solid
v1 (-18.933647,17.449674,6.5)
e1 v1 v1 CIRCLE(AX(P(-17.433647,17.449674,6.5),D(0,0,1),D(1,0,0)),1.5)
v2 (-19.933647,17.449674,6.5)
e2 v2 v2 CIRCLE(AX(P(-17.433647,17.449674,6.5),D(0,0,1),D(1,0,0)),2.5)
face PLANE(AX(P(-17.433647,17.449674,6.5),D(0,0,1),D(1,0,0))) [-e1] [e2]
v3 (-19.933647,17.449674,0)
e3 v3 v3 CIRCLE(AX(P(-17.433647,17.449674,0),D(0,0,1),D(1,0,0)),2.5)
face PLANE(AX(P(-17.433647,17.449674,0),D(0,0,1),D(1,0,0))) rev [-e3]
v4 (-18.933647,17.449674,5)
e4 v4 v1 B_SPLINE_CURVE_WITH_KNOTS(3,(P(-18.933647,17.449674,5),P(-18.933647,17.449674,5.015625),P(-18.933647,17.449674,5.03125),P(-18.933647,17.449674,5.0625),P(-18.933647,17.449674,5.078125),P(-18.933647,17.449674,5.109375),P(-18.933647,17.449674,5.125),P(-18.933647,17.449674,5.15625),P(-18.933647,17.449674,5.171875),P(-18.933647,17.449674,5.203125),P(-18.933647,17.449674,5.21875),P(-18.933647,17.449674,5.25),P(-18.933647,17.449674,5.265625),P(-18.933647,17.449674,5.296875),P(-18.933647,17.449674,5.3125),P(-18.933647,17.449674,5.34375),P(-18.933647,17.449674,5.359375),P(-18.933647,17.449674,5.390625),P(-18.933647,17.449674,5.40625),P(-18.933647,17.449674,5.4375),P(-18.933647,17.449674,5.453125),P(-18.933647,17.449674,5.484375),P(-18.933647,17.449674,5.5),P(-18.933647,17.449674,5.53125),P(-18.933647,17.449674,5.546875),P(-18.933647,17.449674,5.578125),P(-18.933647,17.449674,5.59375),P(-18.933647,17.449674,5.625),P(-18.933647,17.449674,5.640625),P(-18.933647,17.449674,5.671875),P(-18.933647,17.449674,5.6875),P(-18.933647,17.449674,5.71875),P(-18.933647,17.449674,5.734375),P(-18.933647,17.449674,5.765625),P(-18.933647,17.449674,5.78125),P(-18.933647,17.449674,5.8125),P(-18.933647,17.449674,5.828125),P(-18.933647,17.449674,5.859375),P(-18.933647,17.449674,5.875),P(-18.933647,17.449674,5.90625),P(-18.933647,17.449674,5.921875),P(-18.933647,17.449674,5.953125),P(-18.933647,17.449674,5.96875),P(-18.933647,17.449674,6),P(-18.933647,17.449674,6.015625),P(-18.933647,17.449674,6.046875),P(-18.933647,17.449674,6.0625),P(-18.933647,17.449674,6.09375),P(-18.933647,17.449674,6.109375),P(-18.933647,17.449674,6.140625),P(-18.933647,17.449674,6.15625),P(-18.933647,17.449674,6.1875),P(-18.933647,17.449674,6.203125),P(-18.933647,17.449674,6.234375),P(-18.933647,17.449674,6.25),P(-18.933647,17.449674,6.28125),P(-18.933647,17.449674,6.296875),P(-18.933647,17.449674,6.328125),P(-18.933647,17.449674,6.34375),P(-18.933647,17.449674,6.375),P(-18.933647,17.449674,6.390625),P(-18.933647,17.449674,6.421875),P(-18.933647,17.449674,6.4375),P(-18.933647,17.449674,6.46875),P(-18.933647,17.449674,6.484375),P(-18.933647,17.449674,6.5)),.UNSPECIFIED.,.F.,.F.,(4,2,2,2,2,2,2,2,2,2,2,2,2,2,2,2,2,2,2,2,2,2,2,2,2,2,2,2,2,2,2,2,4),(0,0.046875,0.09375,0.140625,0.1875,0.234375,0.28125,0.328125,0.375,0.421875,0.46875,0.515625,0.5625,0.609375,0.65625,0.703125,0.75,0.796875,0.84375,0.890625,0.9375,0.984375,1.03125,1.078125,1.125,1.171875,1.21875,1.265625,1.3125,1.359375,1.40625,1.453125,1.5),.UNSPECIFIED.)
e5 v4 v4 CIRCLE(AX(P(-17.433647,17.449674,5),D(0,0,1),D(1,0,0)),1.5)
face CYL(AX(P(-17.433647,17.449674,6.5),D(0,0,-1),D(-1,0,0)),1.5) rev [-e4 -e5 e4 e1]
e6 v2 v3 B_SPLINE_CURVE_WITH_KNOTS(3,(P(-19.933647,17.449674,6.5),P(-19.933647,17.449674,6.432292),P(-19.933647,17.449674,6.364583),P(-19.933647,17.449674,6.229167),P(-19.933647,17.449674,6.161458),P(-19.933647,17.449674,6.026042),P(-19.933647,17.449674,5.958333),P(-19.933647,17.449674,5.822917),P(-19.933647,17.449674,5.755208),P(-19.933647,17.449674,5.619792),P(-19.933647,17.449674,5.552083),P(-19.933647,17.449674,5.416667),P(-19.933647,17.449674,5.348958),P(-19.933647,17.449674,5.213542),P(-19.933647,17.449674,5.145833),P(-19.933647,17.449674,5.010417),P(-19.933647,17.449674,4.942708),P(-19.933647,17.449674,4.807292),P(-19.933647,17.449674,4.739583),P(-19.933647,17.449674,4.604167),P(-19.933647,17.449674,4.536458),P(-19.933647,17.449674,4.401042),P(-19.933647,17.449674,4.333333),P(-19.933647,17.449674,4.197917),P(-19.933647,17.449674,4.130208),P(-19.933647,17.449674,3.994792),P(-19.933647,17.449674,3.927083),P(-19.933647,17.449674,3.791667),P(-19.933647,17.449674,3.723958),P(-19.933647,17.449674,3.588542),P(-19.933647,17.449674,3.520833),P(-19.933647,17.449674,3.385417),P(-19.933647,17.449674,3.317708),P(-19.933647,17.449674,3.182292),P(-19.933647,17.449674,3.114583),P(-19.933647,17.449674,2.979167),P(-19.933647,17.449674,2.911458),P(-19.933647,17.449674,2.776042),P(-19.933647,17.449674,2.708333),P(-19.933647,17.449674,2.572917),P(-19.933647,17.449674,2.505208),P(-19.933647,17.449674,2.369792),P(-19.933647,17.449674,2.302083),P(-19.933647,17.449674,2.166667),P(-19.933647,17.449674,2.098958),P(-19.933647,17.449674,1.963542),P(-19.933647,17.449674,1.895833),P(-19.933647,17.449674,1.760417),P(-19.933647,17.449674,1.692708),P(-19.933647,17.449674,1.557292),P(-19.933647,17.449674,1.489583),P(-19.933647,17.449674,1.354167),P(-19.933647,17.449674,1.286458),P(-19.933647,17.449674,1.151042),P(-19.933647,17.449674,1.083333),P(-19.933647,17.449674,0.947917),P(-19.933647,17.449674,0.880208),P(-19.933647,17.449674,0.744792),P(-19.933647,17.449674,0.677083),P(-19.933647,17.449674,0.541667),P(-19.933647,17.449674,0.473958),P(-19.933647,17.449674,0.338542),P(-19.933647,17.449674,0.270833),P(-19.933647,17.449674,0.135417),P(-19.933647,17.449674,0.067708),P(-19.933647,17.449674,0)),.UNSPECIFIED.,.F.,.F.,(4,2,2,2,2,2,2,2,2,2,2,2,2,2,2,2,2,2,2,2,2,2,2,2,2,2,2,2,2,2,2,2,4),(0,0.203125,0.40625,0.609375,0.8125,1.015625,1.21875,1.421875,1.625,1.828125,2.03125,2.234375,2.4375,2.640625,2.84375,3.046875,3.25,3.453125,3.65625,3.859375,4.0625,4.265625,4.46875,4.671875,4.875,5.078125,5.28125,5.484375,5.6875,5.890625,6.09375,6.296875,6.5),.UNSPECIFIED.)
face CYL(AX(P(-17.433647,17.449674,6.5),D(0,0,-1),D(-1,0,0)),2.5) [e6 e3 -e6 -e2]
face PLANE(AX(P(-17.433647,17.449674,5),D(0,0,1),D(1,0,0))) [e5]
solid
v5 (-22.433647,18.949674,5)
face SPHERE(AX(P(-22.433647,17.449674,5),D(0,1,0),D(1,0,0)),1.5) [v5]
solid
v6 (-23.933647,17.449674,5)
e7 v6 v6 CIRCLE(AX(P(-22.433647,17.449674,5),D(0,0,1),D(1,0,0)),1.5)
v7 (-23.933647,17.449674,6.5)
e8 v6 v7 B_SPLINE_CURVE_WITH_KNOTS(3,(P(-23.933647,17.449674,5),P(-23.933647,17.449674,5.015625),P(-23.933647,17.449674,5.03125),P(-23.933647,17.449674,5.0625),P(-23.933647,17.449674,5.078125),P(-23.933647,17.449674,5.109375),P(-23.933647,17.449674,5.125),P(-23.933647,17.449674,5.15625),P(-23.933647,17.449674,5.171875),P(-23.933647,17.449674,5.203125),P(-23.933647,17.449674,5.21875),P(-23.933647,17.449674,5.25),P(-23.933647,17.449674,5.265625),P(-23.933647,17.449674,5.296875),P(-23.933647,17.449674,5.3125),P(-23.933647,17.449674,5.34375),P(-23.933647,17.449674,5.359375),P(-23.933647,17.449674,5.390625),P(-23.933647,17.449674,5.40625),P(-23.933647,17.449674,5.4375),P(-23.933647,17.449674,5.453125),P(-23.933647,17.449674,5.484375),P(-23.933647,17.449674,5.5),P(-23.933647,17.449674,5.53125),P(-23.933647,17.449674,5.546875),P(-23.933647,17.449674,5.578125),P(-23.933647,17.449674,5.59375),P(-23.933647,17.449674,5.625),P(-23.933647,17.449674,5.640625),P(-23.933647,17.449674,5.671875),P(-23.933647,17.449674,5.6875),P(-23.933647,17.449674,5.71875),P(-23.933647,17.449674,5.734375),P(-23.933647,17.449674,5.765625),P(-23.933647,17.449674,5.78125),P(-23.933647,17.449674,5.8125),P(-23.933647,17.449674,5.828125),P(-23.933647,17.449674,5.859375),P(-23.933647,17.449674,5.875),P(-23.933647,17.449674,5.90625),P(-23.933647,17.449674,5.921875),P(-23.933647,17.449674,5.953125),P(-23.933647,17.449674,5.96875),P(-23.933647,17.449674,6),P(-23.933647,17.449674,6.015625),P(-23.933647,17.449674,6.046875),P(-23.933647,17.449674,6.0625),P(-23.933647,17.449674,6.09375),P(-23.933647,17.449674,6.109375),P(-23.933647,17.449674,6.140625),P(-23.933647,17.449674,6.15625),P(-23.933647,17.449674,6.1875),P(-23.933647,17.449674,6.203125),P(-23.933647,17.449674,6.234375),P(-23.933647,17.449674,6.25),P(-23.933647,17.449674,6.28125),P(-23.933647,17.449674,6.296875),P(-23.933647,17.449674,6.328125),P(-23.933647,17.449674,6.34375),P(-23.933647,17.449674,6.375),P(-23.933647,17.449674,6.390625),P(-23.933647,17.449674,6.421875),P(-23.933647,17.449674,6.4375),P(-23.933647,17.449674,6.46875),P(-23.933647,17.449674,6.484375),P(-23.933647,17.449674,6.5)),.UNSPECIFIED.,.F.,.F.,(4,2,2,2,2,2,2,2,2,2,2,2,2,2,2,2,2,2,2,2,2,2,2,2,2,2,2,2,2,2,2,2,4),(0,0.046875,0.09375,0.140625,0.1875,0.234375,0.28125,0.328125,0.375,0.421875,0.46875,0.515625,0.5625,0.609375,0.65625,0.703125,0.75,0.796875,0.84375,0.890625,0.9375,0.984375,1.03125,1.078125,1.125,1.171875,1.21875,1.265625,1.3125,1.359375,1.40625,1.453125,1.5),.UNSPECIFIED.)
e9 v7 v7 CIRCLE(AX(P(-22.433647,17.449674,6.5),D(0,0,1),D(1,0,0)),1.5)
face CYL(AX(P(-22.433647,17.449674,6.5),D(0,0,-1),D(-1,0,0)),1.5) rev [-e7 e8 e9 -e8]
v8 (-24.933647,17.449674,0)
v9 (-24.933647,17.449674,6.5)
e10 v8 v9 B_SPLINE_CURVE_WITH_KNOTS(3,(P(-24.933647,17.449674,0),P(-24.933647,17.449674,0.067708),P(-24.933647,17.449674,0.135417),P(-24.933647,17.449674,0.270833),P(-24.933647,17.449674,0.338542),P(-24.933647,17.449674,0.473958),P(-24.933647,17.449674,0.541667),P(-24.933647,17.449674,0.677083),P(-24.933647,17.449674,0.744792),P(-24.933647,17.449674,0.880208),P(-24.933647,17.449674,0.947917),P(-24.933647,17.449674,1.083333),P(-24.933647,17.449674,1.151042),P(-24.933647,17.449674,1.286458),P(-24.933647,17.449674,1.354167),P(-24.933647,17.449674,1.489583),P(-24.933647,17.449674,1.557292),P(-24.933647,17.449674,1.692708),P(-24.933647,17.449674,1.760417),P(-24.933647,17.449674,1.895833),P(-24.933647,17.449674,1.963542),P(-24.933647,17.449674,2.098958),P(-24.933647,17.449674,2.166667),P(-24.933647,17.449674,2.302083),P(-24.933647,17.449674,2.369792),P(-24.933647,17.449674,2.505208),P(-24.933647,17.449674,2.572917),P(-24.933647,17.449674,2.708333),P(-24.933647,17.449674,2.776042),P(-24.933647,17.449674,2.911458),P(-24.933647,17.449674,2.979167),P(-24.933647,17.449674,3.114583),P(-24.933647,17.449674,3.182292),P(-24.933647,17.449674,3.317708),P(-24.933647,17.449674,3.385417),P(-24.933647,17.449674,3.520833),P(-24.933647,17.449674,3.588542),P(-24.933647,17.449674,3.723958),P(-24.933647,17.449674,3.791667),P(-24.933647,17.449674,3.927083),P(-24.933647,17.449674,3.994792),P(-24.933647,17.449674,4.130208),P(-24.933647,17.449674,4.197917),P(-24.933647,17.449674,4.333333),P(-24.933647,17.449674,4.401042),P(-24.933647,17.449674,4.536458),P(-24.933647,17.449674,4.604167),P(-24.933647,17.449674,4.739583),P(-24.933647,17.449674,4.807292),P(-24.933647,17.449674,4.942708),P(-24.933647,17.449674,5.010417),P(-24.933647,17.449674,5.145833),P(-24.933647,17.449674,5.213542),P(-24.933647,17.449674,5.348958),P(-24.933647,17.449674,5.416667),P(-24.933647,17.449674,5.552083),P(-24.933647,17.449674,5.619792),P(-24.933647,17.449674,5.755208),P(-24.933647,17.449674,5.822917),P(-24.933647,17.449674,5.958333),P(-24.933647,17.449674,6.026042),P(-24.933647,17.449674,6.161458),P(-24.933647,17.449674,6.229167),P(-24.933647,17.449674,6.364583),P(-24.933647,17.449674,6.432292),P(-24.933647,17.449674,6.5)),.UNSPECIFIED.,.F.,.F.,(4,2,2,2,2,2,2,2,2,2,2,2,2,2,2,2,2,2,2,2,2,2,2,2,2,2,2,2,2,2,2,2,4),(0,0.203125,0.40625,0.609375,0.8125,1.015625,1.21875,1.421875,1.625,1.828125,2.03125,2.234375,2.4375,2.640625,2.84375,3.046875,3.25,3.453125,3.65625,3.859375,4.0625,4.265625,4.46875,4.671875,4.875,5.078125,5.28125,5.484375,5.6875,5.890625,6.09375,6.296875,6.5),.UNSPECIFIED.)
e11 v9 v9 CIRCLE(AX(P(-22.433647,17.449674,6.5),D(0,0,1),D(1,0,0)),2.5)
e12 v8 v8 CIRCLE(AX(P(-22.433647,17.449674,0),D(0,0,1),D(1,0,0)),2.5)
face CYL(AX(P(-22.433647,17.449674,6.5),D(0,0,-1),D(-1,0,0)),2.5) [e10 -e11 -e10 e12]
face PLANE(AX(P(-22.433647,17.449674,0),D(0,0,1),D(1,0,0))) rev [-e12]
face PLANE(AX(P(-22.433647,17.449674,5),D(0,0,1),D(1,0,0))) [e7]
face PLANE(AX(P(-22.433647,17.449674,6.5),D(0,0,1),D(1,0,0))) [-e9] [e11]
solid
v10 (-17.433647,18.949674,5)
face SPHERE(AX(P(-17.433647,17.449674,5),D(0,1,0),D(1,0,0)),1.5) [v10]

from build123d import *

# Parameters (mm, degrees)
SKETCH_1_R      = 2.5
SKETCH_1_R_2    = 1.5
EXTRUDE_1_DEPTH = 6.5
SKETCH_2_R      = 2.5
SKETCH_2_R_2    = 1.5
EXTRUDE_2_DEPTH = 6.5
SKETCH_3_R      = 1.5
EXTRUDE_3_DEPTH = 5


with BuildPart() as part:
    # 草图1 → 凸台-拉伸1 (new body)
    with BuildSketch(Plane.XY):
        with Locations(Location((-22.433647208, 17.449673572, 0), (0, 0, 180))):
            Circle(SKETCH_1_R)
        with Locations(Location((-22.433647208, 17.449673572, 0), (0, 0, 180))):
            Circle(SKETCH_1_R_2, mode=Mode.SUBTRACT)
    extrude(amount=EXTRUDE_1_DEPTH)



with BuildPart() as body_2:
    # 草图2 → 凸台-拉伸2 (new body)
    with BuildSketch(Plane.XY):
        with Locations(Location((-17.433647208, 17.449673572, 0), (0, 0, 180))):
            Circle(SKETCH_2_R)
        with Locations(Location((-17.433647208, 17.449673572, 0), (0, 0, 180))):
            Circle(SKETCH_2_R_2, mode=Mode.SUBTRACT)
    extrude(amount=EXTRUDE_2_DEPTH)


with BuildPart() as part_1:
    add(part.part)

    add(body_2.part)  # 凸台-拉伸3 merges body 2
    # 草图3 → 凸台-拉伸3 (add)
    with BuildSketch(Plane.XY):
        with Locations(Location((-22.433647208, 17.449673572, 0), (0, 0, 180))):
            Circle(SKETCH_3_R)
        with Locations(Location((-17.433647208, 17.449673572, 0), (0, 0, 180))):
            Circle(SKETCH_3_R)
    extrude(amount=EXTRUDE_3_DEPTH)


with BuildPart() as body_2_2:
    # 草图4 → 旋转1 (revolve)
    with BuildSketch(Plane.XY.offset(5)):
        with BuildLine():
            Line((-22.433647208, 18.949673572), (-22.433647208, 15.949673572))
            ThreePointArc((-22.433647208, 15.949673572), (-20.933647208, 17.449673572), (-22.433647208, 18.949673572))
        make_face()
    revolve(axis=Axis((-22.433647208, 18.949673572, 5), (0, -1, 0)))


with BuildPart() as body_3:
    # 草图5 → 旋转2 (revolve)
    with BuildSketch(Plane.XY.offset(5)):
        with BuildLine():
            Line((-17.433647208, 18.949673572), (-17.433647208, 15.949673572))
            ThreePointArc((-17.433647208, 15.949673572), (-15.933647208, 17.449673572), (-17.433647208, 18.949673572))
        make_face()
    revolve(axis=Axis((-17.433647208, 18.949673572, 5), (0, -1, 0)))


solid = Compound([part_1.part, body_2_2.part, body_3.part])
